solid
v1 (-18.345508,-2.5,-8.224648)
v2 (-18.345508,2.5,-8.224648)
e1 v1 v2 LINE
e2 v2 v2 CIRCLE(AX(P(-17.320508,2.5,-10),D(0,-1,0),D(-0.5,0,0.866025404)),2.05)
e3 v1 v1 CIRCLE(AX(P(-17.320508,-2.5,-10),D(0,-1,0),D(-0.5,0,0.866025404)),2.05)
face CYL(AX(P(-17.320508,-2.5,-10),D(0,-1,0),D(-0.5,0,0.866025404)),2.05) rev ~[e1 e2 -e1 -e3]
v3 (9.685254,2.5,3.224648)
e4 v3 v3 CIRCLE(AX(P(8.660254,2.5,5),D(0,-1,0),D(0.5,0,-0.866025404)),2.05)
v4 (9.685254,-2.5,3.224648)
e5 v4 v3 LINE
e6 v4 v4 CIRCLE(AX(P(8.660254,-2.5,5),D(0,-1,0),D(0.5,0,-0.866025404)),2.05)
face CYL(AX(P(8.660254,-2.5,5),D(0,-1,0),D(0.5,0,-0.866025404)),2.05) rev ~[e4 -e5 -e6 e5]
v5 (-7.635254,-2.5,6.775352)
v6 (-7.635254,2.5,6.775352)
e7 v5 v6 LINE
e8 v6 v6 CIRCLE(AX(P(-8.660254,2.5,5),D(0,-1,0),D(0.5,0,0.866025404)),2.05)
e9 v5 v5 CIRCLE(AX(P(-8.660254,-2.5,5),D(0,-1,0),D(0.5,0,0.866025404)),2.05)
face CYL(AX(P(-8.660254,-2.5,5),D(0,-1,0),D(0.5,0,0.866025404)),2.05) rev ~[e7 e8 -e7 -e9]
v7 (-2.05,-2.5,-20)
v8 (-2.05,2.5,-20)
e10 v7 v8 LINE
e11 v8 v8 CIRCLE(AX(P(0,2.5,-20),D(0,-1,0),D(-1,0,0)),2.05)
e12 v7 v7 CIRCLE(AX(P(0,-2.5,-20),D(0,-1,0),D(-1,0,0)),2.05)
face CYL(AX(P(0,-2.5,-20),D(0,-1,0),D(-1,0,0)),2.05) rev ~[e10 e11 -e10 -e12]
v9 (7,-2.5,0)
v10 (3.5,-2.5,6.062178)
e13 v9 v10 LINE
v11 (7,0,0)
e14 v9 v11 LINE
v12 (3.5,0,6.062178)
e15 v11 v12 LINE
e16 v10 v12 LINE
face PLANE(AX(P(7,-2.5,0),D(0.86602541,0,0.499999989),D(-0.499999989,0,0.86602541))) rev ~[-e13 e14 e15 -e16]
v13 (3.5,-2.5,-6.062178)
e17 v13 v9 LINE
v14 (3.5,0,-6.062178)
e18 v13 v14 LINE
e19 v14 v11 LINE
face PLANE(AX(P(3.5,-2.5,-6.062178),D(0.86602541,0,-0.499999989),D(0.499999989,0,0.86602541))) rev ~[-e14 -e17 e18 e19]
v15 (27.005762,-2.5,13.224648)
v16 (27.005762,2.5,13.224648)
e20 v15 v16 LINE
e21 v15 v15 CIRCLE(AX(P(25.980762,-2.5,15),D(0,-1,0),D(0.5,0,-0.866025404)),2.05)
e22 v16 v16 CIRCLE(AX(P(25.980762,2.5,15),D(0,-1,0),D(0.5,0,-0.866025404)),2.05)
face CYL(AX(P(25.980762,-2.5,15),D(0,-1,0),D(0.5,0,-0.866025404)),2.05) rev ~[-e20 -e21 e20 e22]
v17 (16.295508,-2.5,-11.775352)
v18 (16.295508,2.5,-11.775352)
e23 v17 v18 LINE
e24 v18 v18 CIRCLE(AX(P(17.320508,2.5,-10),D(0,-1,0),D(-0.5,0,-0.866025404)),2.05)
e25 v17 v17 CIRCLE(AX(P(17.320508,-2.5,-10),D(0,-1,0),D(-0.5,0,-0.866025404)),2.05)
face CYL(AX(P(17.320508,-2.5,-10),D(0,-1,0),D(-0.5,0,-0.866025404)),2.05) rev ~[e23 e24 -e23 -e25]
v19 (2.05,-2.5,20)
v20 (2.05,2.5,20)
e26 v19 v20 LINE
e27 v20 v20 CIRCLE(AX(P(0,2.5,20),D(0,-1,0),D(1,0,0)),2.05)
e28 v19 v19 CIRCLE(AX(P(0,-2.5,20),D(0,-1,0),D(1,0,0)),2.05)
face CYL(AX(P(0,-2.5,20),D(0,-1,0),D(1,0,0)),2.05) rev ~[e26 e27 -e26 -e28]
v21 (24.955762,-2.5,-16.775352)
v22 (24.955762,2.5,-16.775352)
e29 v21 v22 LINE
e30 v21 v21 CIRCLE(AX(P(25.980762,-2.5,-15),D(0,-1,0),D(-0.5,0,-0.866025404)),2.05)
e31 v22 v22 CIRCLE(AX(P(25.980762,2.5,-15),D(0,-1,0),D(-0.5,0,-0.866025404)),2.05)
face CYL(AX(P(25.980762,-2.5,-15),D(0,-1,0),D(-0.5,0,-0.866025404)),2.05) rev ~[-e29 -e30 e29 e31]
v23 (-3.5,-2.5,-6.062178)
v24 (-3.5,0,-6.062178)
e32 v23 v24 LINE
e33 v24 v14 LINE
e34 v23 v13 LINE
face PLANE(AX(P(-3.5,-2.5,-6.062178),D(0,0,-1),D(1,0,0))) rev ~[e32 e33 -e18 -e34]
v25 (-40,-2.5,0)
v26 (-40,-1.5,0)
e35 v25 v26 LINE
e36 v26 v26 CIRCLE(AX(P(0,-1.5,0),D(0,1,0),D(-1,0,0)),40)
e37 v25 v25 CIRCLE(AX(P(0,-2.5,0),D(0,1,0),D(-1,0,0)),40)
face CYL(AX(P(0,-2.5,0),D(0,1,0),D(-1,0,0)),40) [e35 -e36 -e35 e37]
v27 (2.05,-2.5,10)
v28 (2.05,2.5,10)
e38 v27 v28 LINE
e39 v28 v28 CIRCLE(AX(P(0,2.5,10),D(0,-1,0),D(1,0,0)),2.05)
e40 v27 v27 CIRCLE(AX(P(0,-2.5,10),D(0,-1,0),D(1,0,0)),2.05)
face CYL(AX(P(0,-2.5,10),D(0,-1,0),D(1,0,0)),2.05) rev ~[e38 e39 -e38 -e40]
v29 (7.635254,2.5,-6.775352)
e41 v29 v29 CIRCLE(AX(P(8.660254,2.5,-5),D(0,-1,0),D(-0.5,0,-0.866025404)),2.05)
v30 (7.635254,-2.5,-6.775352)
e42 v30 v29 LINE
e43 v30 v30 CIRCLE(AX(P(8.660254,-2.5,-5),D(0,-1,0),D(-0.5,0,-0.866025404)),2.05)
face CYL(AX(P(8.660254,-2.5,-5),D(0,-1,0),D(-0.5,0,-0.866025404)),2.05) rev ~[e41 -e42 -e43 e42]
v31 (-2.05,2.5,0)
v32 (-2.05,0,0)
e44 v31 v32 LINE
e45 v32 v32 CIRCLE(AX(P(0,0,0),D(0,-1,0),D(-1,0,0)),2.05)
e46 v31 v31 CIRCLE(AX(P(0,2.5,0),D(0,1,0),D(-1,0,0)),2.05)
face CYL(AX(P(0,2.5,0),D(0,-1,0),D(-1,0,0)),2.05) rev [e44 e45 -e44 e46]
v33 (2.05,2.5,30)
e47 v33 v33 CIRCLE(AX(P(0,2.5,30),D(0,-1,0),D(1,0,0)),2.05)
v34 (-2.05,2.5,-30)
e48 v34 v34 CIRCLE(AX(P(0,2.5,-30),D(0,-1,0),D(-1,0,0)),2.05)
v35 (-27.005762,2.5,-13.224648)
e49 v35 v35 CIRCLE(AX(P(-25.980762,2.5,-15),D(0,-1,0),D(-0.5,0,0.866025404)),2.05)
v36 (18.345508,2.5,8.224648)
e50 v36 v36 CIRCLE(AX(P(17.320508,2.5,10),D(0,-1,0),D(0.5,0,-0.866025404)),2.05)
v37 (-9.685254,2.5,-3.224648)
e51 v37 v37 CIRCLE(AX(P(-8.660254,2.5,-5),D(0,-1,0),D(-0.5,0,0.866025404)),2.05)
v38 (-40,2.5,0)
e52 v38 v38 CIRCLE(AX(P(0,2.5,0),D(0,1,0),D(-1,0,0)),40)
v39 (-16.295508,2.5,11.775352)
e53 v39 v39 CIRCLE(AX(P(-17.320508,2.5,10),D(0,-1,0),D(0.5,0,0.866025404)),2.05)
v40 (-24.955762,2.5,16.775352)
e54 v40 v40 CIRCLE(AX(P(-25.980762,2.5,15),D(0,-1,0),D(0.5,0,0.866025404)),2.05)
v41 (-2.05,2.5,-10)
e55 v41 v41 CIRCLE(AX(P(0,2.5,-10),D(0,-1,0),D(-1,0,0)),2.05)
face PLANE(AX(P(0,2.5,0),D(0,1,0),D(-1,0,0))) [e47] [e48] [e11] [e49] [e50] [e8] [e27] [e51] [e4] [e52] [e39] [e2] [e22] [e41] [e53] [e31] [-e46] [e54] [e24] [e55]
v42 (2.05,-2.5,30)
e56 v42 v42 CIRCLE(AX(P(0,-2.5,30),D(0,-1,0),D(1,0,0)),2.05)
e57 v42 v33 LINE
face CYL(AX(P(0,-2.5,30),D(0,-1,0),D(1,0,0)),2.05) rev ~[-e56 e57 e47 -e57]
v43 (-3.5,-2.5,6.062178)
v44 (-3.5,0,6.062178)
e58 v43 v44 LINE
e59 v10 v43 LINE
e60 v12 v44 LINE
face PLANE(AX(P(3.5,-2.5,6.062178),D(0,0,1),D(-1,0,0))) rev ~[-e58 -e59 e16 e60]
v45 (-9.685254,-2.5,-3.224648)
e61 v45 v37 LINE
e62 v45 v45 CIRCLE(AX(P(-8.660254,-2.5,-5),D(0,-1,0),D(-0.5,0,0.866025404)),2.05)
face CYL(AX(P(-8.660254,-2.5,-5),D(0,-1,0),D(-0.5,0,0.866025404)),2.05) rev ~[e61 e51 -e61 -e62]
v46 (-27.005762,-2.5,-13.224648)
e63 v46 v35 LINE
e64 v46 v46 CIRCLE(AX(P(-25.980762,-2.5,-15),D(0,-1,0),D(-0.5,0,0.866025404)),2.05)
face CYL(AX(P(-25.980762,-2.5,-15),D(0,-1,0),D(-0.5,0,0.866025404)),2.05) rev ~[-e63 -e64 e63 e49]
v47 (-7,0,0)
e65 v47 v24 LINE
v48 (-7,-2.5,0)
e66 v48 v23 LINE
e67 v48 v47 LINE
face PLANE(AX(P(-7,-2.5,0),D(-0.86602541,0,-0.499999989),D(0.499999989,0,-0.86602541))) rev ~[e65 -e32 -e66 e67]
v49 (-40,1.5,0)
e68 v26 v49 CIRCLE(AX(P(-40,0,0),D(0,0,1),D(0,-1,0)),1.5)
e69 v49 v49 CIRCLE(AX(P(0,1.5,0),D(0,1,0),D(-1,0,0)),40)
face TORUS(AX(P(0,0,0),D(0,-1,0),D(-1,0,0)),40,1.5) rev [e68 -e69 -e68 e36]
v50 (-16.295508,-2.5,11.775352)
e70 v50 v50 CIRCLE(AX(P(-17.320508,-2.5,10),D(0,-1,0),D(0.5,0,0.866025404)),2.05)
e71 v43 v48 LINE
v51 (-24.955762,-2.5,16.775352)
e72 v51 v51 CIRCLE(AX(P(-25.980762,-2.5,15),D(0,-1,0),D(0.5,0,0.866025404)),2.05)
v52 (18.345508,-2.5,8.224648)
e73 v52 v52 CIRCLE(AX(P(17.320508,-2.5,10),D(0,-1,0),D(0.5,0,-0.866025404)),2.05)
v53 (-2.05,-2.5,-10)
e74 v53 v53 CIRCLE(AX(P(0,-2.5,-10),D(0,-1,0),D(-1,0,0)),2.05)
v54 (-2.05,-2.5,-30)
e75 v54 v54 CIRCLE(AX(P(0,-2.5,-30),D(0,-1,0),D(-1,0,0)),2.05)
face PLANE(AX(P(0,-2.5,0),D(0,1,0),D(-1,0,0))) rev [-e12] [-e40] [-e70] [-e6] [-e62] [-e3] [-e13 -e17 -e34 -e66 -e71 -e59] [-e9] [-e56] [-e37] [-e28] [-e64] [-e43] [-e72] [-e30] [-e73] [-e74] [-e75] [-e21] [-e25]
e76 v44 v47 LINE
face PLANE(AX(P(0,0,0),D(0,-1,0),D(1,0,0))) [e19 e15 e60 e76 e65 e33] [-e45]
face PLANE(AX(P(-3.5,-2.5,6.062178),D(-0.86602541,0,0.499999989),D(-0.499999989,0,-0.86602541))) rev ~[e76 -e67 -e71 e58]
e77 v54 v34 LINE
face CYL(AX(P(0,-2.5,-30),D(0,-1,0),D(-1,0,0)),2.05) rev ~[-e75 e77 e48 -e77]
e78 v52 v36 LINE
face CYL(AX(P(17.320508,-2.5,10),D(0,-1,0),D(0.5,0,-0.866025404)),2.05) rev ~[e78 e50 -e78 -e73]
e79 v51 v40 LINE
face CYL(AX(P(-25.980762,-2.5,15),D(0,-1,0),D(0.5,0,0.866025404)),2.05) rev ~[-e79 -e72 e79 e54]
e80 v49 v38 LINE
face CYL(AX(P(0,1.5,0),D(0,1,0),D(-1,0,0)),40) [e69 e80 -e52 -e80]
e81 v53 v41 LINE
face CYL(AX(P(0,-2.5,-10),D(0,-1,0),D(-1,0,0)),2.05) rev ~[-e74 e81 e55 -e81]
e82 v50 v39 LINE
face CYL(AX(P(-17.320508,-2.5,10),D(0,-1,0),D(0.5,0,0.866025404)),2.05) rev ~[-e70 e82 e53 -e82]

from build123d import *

# Parameters (mm, degrees)
SKETCH001_R        = 2.05
POCKET_DEPTH       = 231.496034
POLARPATTERN_COUNT = 6
POCKET001_DEPTH    = 2.5


with BuildPart() as part:
    # Sketch → Revolution (revolve)
    with BuildSketch(Plane.XY):
        with BuildLine():
            Line((-2.05, 2.5), (-2.05, -2.5))
            Line((-2.05, -2.5), (-40, -2.5))
            Line((-40, -2.5), (-40, -1.5))
            ThreePointArc((-40, -1.5), (-38.5, 0), (-40, 1.5))
            Line((-40, 1.5), (-40, 2.5))
            Line((-40, 2.5), (-2.05, 2.5))
        make_face()
    revolve(axis=Axis((0, 0, 0), (0, 1, 0)))

    # Sketch001 → Pocket (cut, through all)
    with BuildSketch(Plane.XZ.offset(2.5)):
        with Locations((0, 10)):
            Circle(SKETCH001_R)
        with Locations((0, 20)):
            Circle(SKETCH001_R)
        with Locations((0, 30)):
            Circle(SKETCH001_R)
    pocket = extrude(amount=-POCKET_DEPTH, mode=Mode.SUBTRACT)

    # PolarPattern: Pocket ×6 about axis
    polarpattern_axis = Axis((0, -2.5, 0), (0, -1, 0))
    for i in range(1, POLARPATTERN_COUNT):
        add(pocket.rotate(polarpattern_axis, i * 360 / POLARPATTERN_COUNT), mode=Mode.SUBTRACT)

    # Sketch002 → Pocket001 (cut)
    with BuildSketch(Plane.XZ.offset(2.5)):
        Polygon((3.5, -6.062178), (7, 0), (3.5, 6.062178), (-3.5, 6.062178), (-7, 0), (-3.5, -6.062178), align=None)
    extrude(amount=-POCKET001_DEPTH, mode=Mode.SUBTRACT)


solid = part.part
